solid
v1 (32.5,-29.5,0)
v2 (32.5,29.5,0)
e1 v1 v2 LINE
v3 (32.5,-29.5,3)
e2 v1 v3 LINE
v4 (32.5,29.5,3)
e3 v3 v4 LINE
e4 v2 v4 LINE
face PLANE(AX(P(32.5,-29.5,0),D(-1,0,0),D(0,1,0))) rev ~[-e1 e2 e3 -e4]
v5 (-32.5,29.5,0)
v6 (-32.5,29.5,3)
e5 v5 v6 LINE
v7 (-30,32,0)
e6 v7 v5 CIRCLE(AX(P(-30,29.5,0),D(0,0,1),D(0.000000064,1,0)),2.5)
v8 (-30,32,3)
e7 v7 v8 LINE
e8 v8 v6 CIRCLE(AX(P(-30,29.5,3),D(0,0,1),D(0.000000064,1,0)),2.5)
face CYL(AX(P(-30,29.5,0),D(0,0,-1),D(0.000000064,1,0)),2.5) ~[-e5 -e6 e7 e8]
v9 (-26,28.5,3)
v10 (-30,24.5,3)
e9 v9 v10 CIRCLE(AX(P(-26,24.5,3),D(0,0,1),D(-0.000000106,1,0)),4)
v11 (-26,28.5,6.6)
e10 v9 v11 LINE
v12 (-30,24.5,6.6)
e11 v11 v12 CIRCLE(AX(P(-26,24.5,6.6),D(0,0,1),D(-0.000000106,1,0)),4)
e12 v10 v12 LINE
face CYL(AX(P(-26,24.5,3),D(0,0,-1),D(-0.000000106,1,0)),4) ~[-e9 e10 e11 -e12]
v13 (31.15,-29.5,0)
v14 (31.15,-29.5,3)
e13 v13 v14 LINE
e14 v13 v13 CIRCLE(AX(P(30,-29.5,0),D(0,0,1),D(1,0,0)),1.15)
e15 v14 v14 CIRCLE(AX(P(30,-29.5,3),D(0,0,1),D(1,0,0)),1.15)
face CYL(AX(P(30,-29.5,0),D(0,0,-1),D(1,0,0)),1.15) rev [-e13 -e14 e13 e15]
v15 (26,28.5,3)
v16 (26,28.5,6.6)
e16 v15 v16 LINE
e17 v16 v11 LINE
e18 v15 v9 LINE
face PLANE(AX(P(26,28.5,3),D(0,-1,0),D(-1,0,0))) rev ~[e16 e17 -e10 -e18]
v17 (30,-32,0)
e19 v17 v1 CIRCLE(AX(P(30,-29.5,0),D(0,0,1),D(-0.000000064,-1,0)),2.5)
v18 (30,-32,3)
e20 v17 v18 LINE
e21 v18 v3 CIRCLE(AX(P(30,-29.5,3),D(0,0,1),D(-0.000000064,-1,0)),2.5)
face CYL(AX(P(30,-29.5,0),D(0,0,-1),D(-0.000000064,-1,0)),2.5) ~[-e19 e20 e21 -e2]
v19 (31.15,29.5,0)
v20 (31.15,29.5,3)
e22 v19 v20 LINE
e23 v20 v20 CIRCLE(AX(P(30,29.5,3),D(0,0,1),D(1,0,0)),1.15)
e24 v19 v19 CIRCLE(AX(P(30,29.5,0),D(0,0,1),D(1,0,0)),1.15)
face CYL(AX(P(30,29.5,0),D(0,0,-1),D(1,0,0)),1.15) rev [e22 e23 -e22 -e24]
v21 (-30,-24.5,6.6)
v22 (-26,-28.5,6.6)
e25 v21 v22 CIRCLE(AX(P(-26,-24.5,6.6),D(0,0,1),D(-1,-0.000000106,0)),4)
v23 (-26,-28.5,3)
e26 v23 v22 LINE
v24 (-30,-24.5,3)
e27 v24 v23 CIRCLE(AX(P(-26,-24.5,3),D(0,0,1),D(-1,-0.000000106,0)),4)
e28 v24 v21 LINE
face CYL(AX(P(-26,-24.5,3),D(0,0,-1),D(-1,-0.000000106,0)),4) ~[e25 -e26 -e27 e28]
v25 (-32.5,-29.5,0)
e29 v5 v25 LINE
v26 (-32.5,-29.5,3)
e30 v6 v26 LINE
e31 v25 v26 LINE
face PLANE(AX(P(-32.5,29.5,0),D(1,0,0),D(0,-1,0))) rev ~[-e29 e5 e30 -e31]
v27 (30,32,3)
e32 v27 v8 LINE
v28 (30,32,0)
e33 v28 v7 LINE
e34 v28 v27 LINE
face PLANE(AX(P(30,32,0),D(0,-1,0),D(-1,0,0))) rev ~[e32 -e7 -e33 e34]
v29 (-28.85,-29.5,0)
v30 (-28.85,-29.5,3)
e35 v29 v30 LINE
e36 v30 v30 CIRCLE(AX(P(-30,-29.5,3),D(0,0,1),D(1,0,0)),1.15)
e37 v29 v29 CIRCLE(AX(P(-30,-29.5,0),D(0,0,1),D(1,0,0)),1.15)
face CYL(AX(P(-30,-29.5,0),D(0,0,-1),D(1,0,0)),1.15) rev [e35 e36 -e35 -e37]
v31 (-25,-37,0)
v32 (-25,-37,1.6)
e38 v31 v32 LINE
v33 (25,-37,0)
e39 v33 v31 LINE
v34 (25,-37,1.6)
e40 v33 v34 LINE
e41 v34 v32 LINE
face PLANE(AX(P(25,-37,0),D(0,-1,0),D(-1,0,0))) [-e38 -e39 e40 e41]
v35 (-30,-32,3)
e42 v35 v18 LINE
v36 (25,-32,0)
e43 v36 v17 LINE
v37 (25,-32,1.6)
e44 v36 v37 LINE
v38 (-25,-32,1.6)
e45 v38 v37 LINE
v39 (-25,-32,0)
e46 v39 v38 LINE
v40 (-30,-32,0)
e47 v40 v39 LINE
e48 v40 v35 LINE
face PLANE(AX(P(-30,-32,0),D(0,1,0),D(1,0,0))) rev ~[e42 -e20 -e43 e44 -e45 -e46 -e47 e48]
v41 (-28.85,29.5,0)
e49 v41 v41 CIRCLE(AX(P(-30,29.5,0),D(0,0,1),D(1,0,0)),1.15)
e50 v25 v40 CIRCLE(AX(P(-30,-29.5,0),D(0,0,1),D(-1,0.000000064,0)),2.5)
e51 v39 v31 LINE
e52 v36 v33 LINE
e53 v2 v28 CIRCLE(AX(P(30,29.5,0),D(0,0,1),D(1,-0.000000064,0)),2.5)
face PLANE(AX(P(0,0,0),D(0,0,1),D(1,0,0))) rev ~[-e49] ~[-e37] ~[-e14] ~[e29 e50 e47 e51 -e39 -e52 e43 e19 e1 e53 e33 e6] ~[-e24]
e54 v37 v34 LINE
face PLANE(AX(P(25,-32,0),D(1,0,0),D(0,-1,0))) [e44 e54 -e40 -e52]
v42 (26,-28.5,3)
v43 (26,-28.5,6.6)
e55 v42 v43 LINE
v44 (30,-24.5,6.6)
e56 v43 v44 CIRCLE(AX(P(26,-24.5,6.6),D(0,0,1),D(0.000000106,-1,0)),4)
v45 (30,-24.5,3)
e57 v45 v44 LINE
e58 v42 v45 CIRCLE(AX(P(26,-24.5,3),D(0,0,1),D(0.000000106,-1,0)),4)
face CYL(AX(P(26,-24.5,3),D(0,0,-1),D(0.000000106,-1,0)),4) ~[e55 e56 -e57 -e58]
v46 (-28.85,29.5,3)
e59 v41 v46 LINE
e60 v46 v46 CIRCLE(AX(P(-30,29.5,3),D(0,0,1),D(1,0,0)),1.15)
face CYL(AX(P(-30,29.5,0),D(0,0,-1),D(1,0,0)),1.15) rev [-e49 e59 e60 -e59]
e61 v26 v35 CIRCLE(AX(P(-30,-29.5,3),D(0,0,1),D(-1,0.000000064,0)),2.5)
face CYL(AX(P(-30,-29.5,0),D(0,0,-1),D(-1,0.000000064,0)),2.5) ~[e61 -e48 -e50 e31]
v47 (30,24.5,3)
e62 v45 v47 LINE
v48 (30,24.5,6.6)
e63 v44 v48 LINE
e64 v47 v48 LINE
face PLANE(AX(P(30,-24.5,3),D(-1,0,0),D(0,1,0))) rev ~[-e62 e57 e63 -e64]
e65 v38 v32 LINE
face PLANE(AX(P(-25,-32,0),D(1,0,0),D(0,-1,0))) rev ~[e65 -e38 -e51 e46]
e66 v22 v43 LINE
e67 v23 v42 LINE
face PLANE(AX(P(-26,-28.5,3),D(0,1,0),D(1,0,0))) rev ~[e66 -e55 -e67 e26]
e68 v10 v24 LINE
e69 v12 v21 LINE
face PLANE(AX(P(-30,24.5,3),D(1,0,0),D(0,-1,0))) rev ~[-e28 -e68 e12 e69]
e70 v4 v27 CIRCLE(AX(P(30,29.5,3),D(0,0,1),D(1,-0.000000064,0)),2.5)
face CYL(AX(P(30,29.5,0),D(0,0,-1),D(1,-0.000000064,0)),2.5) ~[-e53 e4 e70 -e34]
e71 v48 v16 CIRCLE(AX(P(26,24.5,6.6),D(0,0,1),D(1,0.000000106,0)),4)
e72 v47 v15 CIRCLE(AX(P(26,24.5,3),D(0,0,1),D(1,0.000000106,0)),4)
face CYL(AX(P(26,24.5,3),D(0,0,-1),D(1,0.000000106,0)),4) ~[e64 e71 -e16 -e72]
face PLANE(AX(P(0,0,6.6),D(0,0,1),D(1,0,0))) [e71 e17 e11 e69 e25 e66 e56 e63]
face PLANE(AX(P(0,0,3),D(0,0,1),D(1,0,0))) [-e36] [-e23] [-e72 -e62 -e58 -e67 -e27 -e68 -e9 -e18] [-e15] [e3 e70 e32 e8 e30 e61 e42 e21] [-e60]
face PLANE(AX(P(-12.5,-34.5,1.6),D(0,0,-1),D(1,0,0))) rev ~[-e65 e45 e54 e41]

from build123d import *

# Parameters (mm, degrees)
F0_R     = 1.15
F1_DEPTH = 3
F3_DEPTH = 3.6
F4_W     = 25
F4_H     = 5
F5_DEPTH = 1.6


with BuildPart() as f1:
    # F0 (on Top) → F1 (new body)
    with BuildSketch(Plane.XY):
        with BuildLine():
            ThreePointArc((-32.5, -29.5), (-31.767767, -31.267767), (-30, -32))
            Line((-30, -32), (30, -32))
            ThreePointArc((30, -32), (31.767767, -31.267767), (32.5, -29.5))
            Line((32.5, -29.5), (32.5, 29.5))
            ThreePointArc((32.5, 29.5), (31.767767, 31.267767), (30, 32))
            Line((30, 32), (-30, 32))
            ThreePointArc((-30, 32), (-31.767767, 31.267767), (-32.5, 29.5))
            Line((-32.5, 29.5), (-32.5, -29.5))
        make_face()
        with Locations((-30, -29.5)):
            Circle(F0_R, mode=Mode.SUBTRACT)
        with Locations((30, -29.5)):
            Circle(F0_R, mode=Mode.SUBTRACT)
        with Locations((-30, 29.5)):
            Circle(F0_R, mode=Mode.SUBTRACT)
        with Locations((30, 29.5)):
            Circle(F0_R, mode=Mode.SUBTRACT)
    extrude(amount=F1_DEPTH)

    # F2 (on face) → F3 (join)
    with BuildSketch(Plane.XY.offset(3)):
        with BuildLine():
            Line((26, 28.5), (-26, 28.5))
            ThreePointArc((-26, 28.5), (-28.828427, 27.328427), (-30, 24.5))
            Line((-30, 24.5), (-30, -24.5))
            ThreePointArc((-30, -24.5), (-28.828427, -27.328427), (-26, -28.5))
            Line((-26, -28.5), (26, -28.5))
            ThreePointArc((26, -28.5), (28.828427, -27.328427), (30, -24.5))
            Line((30, -24.5), (30, 24.5))
            ThreePointArc((30, 24.5), (28.828427, 27.328427), (26, 28.5))
        make_face()
    extrude(amount=F3_DEPTH)

    # F4 (on face) → F5 (join)
    with BuildSketch(Plane(origin=(0, 0, 0), x_dir=(1, 0, 0), z_dir=(0, 0, -1))):
        with Locations((-12.5, 34.5)):
            Rectangle(F4_W, F4_H)
        with Locations((12.5, 34.5)):
            Rectangle(F4_W, F4_H)
    extrude(amount=-F5_DEPTH)


solid = f1.part
